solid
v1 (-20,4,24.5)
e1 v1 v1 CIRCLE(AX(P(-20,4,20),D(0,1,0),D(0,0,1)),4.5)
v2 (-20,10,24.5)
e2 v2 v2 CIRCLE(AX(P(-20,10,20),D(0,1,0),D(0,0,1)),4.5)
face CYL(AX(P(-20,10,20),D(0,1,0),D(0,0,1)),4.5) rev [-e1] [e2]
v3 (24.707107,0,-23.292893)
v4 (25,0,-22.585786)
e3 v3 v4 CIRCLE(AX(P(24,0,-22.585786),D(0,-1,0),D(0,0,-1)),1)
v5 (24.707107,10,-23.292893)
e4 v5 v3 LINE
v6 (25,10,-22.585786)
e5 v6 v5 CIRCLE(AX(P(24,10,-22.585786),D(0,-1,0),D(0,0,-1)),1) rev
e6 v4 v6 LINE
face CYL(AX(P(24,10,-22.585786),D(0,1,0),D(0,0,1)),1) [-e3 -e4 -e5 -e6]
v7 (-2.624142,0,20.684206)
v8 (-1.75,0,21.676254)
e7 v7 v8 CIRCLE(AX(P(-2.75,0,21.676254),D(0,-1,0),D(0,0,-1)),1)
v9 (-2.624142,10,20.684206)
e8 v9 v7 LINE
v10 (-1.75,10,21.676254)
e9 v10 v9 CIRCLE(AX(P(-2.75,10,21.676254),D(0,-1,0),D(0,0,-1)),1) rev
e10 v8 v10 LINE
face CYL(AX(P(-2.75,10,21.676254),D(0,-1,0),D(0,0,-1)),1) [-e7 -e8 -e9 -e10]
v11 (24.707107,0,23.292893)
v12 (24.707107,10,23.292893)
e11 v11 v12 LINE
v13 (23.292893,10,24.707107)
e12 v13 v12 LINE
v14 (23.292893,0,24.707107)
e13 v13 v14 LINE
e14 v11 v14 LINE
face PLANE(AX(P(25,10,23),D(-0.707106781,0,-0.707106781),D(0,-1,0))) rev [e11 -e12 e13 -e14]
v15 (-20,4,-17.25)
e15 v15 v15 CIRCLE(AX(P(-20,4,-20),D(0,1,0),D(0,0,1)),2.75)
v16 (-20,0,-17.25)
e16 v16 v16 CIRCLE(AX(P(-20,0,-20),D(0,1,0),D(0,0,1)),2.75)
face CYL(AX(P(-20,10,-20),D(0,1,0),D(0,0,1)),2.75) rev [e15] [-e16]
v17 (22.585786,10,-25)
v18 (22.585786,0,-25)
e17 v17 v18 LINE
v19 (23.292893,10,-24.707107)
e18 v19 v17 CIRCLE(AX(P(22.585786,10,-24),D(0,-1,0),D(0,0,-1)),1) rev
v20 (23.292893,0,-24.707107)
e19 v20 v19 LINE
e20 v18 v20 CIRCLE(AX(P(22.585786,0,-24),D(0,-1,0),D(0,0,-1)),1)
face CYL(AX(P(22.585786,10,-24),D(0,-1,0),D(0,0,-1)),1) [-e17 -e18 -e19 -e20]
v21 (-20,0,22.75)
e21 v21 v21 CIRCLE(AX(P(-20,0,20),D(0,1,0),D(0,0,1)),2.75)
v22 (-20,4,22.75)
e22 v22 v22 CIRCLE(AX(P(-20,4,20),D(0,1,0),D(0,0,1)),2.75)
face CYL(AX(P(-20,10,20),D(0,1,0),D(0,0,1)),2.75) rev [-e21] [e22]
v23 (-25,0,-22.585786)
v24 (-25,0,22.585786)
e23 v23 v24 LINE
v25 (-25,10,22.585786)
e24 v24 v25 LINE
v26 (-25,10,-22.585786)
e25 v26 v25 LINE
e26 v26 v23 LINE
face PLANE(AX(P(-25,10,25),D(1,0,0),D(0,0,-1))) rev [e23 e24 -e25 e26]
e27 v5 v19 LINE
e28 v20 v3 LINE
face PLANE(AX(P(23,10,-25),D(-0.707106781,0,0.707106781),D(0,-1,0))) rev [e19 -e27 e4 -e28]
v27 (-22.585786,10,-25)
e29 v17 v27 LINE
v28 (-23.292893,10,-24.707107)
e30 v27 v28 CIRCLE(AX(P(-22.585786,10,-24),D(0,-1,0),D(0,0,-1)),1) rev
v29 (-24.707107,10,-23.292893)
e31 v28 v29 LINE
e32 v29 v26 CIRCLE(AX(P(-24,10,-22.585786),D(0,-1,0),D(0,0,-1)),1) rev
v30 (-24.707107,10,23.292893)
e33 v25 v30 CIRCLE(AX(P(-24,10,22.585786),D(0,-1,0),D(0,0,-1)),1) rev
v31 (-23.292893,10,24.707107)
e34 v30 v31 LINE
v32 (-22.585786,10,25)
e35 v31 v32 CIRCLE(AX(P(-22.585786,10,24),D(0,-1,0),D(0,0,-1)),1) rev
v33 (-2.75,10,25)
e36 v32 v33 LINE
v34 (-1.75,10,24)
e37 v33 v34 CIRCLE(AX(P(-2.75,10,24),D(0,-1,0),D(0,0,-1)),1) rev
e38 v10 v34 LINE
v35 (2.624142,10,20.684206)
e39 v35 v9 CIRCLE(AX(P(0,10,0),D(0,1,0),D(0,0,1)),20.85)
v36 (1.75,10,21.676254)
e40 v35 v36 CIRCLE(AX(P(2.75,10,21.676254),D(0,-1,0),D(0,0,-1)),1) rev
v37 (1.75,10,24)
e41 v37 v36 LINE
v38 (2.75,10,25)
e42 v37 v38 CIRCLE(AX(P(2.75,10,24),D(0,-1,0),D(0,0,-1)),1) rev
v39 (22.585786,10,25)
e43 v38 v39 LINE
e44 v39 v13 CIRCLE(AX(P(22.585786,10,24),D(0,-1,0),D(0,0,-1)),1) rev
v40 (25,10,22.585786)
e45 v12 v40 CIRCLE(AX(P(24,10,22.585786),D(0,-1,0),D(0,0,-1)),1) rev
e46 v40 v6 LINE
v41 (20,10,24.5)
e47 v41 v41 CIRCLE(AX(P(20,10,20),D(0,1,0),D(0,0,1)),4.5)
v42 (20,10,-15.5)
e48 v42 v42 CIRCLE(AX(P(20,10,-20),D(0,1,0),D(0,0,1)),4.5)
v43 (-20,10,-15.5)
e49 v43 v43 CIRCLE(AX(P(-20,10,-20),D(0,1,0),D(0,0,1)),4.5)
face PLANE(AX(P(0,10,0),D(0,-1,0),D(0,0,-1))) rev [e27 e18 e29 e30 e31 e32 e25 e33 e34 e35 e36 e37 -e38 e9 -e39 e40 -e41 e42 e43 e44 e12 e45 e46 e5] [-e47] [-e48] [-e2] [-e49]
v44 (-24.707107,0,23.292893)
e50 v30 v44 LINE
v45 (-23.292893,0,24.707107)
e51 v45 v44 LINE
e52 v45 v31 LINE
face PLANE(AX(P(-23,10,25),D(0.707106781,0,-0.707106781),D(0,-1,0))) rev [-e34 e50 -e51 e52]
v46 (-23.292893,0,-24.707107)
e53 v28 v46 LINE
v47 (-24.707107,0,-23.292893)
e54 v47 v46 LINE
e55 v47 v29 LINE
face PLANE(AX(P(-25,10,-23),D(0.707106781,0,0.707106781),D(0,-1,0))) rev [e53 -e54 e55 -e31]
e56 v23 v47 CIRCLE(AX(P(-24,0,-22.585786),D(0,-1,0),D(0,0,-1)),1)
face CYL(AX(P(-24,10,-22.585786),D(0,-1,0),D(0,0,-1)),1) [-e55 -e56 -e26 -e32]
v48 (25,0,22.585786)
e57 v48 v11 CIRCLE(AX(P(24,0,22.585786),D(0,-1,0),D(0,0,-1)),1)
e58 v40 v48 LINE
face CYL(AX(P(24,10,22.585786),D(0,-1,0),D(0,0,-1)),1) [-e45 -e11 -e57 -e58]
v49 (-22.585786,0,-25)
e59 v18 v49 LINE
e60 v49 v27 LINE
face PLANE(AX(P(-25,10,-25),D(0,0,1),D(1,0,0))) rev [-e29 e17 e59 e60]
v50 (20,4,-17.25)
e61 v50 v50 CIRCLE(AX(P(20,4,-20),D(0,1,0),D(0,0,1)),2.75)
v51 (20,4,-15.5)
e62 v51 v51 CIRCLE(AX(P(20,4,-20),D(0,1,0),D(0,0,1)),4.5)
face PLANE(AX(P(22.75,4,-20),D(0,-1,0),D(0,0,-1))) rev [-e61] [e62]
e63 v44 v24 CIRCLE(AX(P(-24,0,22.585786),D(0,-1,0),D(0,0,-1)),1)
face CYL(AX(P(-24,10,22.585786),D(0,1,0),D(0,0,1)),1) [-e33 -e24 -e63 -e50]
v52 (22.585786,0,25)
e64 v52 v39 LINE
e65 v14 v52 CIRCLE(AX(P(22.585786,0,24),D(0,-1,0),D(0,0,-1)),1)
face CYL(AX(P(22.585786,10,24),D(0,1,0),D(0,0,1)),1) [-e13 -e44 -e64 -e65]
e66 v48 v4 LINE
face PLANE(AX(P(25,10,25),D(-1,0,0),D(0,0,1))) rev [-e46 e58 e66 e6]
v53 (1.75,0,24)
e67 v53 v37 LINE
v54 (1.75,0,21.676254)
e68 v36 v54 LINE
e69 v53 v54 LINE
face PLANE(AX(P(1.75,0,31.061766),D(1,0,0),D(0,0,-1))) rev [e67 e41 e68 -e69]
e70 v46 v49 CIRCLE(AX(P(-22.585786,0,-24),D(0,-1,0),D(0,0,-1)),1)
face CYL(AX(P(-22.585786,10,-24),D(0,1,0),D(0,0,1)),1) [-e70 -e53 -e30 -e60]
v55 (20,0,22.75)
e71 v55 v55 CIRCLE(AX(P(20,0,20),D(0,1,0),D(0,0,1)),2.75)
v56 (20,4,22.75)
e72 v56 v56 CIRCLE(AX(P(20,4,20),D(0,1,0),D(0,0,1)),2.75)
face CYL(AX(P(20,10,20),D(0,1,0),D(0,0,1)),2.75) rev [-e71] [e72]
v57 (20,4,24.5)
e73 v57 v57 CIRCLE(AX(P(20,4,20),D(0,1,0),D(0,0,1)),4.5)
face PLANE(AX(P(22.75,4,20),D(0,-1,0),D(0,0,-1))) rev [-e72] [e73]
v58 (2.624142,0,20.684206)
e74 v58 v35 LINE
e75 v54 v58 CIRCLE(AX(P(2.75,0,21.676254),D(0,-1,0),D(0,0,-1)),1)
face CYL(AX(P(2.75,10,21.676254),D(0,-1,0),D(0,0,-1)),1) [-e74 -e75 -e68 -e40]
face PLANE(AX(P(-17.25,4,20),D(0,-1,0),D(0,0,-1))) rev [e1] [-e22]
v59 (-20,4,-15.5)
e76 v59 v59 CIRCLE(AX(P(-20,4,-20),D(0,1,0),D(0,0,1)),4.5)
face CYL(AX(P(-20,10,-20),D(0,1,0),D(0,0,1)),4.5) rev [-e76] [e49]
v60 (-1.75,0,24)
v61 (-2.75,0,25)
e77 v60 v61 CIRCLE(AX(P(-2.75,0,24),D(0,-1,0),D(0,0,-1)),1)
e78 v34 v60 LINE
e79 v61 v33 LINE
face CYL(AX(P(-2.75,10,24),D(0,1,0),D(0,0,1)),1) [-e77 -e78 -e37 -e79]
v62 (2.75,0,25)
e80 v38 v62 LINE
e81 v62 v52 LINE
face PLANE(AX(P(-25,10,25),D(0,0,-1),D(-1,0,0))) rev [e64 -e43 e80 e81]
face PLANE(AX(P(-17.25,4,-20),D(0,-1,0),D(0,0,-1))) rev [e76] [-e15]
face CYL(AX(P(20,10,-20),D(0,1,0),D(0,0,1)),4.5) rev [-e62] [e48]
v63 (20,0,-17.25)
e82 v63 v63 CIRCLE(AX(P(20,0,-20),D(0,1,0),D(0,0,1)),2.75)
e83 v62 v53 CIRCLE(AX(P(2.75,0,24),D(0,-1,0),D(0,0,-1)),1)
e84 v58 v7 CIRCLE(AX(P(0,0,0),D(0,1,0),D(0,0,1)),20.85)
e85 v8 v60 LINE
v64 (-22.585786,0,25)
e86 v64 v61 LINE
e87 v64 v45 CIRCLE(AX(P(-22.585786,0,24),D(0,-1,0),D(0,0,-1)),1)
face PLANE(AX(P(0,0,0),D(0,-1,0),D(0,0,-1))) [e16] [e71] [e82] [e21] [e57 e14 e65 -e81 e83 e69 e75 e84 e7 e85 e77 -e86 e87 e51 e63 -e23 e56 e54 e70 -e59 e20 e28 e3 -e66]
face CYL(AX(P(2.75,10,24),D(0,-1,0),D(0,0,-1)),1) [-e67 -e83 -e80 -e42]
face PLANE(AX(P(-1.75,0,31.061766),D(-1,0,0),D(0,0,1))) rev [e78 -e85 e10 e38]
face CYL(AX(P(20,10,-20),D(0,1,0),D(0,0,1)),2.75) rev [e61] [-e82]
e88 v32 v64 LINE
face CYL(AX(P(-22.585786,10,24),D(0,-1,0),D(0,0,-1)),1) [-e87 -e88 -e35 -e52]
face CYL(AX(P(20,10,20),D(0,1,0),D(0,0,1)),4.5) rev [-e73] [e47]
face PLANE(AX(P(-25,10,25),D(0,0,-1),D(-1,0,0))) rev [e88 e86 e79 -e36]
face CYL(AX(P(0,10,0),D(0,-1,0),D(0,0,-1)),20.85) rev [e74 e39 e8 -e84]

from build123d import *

# Parameters (mm, degrees)
SKETCH1_W                                           = 50
SKETCH1_H                                           = 50
SKETCH1_R                                           = 20.85
BOSS_EXTRUDE1_DEPTH                                 = 10
SKETCH2_W                                           = 3.5
SKETCH2_H                                           = 12.12353247
CUT_EXTRUDE1_DEPTH                                  = 10
CHAMFER1_SIZE                                       = 2
FILLET1_R                                           = 1
F_5_2_5_2_DIAMETER_HOLE1_D                          = 5.2
F_5_2_5_2_DIAMETER_HOLE1_DEPTH                      = 10
F_5_2_5_2_DIAMETER_HOLE1_TIP                        = 1.562237609
CBORE_FOR_M5_HEX_SOCKET_HEAD_CAP_SCREW1_D           = 5.5
CBORE_FOR_M5_HEX_SOCKET_HEAD_CAP_SCREW1_CBORE_D     = 9
CBORE_FOR_M5_HEX_SOCKET_HEAD_CAP_SCREW1_CBORE_DEPTH = 6


with BuildPart() as part:
    # Sketch1 → Boss-Extrude1 (new body)
    with BuildSketch(Plane(origin=(0, 0, 0), x_dir=(1, 0, 0), z_dir=(0, 1, 0))):
        Rectangle(SKETCH1_W, SKETCH1_H)
        Circle(SKETCH1_R, mode=Mode.SUBTRACT)
    extrude(amount=BOSS_EXTRUDE1_DEPTH)

    # Sketch2 → Cut-Extrude1 (cut)
    with BuildSketch(Plane(origin=(0, 10, 0), x_dir=(1, 0, 0), z_dir=(0, 1, 0))):
        with Locations((0, -25)):
            Rectangle(SKETCH2_W, SKETCH2_H)
    extrude(amount=-CUT_EXTRUDE1_DEPTH, mode=Mode.SUBTRACT)

    # Chamfer1
    chamfer1_edges = [part.edges().sort_by_distance(p)[0] for p in [
        (25, 5, 25),
        (-25, 5, 25),
        (-25, 5, -25),
        (25, 5, -25),
    ]]
    chamfer(chamfer1_edges, length=CHAMFER1_SIZE)

    # Fillet1
    fillet1_edges = [part.edges().sort_by_distance(p)[0] for p in [
        (-1.75, 5, 20.776428952),
        (1.75, 5, 20.776428952),
        (1.75, 5, 25),
        (-1.75, 5, 25),
        (-25, 5, 23),
        (-25, 5, -23),
        (23, 5, -25),
        (-23, 5, -25),
        (-23, 5, 25),
        (25, 5, 23),
        (25, 5, -23),
        (23, 5, 25),
    ]]
    fillet(fillet1_edges, radius=FILLET1_R)

    # Ø5.2 (5.2) Diameter Hole1
    with Locations(Plane(origin=(-20, 10, -20), x_dir=(0, 0, 1), z_dir=(0, 1, 0))):
        with Locations((0, 0), (0, 40), (40, 40), (40, 0)):
            Hole(F_5_2_5_2_DIAMETER_HOLE1_D / 2, depth=F_5_2_5_2_DIAMETER_HOLE1_DEPTH)
            with Locations((0, 0, -(F_5_2_5_2_DIAMETER_HOLE1_DEPTH + F_5_2_5_2_DIAMETER_HOLE1_TIP / 2))):  # 118° drill point
                Cone(0, F_5_2_5_2_DIAMETER_HOLE1_D / 2, F_5_2_5_2_DIAMETER_HOLE1_TIP, mode=Mode.SUBTRACT)

    # CBORE for M5 Hex Socket Head Cap Screw1 (through all)
    with Locations(Plane(origin=(-20, 10, -20), x_dir=(0, 0, 1), z_dir=(0, 1, 0))):
        with Locations((0, 0), (40, 0), (40, 40), (0, 40)):
            CounterBoreHole(CBORE_FOR_M5_HEX_SOCKET_HEAD_CAP_SCREW1_D / 2, CBORE_FOR_M5_HEX_SOCKET_HEAD_CAP_SCREW1_CBORE_D / 2, CBORE_FOR_M5_HEX_SOCKET_HEAD_CAP_SCREW1_CBORE_DEPTH)


solid = part.part
